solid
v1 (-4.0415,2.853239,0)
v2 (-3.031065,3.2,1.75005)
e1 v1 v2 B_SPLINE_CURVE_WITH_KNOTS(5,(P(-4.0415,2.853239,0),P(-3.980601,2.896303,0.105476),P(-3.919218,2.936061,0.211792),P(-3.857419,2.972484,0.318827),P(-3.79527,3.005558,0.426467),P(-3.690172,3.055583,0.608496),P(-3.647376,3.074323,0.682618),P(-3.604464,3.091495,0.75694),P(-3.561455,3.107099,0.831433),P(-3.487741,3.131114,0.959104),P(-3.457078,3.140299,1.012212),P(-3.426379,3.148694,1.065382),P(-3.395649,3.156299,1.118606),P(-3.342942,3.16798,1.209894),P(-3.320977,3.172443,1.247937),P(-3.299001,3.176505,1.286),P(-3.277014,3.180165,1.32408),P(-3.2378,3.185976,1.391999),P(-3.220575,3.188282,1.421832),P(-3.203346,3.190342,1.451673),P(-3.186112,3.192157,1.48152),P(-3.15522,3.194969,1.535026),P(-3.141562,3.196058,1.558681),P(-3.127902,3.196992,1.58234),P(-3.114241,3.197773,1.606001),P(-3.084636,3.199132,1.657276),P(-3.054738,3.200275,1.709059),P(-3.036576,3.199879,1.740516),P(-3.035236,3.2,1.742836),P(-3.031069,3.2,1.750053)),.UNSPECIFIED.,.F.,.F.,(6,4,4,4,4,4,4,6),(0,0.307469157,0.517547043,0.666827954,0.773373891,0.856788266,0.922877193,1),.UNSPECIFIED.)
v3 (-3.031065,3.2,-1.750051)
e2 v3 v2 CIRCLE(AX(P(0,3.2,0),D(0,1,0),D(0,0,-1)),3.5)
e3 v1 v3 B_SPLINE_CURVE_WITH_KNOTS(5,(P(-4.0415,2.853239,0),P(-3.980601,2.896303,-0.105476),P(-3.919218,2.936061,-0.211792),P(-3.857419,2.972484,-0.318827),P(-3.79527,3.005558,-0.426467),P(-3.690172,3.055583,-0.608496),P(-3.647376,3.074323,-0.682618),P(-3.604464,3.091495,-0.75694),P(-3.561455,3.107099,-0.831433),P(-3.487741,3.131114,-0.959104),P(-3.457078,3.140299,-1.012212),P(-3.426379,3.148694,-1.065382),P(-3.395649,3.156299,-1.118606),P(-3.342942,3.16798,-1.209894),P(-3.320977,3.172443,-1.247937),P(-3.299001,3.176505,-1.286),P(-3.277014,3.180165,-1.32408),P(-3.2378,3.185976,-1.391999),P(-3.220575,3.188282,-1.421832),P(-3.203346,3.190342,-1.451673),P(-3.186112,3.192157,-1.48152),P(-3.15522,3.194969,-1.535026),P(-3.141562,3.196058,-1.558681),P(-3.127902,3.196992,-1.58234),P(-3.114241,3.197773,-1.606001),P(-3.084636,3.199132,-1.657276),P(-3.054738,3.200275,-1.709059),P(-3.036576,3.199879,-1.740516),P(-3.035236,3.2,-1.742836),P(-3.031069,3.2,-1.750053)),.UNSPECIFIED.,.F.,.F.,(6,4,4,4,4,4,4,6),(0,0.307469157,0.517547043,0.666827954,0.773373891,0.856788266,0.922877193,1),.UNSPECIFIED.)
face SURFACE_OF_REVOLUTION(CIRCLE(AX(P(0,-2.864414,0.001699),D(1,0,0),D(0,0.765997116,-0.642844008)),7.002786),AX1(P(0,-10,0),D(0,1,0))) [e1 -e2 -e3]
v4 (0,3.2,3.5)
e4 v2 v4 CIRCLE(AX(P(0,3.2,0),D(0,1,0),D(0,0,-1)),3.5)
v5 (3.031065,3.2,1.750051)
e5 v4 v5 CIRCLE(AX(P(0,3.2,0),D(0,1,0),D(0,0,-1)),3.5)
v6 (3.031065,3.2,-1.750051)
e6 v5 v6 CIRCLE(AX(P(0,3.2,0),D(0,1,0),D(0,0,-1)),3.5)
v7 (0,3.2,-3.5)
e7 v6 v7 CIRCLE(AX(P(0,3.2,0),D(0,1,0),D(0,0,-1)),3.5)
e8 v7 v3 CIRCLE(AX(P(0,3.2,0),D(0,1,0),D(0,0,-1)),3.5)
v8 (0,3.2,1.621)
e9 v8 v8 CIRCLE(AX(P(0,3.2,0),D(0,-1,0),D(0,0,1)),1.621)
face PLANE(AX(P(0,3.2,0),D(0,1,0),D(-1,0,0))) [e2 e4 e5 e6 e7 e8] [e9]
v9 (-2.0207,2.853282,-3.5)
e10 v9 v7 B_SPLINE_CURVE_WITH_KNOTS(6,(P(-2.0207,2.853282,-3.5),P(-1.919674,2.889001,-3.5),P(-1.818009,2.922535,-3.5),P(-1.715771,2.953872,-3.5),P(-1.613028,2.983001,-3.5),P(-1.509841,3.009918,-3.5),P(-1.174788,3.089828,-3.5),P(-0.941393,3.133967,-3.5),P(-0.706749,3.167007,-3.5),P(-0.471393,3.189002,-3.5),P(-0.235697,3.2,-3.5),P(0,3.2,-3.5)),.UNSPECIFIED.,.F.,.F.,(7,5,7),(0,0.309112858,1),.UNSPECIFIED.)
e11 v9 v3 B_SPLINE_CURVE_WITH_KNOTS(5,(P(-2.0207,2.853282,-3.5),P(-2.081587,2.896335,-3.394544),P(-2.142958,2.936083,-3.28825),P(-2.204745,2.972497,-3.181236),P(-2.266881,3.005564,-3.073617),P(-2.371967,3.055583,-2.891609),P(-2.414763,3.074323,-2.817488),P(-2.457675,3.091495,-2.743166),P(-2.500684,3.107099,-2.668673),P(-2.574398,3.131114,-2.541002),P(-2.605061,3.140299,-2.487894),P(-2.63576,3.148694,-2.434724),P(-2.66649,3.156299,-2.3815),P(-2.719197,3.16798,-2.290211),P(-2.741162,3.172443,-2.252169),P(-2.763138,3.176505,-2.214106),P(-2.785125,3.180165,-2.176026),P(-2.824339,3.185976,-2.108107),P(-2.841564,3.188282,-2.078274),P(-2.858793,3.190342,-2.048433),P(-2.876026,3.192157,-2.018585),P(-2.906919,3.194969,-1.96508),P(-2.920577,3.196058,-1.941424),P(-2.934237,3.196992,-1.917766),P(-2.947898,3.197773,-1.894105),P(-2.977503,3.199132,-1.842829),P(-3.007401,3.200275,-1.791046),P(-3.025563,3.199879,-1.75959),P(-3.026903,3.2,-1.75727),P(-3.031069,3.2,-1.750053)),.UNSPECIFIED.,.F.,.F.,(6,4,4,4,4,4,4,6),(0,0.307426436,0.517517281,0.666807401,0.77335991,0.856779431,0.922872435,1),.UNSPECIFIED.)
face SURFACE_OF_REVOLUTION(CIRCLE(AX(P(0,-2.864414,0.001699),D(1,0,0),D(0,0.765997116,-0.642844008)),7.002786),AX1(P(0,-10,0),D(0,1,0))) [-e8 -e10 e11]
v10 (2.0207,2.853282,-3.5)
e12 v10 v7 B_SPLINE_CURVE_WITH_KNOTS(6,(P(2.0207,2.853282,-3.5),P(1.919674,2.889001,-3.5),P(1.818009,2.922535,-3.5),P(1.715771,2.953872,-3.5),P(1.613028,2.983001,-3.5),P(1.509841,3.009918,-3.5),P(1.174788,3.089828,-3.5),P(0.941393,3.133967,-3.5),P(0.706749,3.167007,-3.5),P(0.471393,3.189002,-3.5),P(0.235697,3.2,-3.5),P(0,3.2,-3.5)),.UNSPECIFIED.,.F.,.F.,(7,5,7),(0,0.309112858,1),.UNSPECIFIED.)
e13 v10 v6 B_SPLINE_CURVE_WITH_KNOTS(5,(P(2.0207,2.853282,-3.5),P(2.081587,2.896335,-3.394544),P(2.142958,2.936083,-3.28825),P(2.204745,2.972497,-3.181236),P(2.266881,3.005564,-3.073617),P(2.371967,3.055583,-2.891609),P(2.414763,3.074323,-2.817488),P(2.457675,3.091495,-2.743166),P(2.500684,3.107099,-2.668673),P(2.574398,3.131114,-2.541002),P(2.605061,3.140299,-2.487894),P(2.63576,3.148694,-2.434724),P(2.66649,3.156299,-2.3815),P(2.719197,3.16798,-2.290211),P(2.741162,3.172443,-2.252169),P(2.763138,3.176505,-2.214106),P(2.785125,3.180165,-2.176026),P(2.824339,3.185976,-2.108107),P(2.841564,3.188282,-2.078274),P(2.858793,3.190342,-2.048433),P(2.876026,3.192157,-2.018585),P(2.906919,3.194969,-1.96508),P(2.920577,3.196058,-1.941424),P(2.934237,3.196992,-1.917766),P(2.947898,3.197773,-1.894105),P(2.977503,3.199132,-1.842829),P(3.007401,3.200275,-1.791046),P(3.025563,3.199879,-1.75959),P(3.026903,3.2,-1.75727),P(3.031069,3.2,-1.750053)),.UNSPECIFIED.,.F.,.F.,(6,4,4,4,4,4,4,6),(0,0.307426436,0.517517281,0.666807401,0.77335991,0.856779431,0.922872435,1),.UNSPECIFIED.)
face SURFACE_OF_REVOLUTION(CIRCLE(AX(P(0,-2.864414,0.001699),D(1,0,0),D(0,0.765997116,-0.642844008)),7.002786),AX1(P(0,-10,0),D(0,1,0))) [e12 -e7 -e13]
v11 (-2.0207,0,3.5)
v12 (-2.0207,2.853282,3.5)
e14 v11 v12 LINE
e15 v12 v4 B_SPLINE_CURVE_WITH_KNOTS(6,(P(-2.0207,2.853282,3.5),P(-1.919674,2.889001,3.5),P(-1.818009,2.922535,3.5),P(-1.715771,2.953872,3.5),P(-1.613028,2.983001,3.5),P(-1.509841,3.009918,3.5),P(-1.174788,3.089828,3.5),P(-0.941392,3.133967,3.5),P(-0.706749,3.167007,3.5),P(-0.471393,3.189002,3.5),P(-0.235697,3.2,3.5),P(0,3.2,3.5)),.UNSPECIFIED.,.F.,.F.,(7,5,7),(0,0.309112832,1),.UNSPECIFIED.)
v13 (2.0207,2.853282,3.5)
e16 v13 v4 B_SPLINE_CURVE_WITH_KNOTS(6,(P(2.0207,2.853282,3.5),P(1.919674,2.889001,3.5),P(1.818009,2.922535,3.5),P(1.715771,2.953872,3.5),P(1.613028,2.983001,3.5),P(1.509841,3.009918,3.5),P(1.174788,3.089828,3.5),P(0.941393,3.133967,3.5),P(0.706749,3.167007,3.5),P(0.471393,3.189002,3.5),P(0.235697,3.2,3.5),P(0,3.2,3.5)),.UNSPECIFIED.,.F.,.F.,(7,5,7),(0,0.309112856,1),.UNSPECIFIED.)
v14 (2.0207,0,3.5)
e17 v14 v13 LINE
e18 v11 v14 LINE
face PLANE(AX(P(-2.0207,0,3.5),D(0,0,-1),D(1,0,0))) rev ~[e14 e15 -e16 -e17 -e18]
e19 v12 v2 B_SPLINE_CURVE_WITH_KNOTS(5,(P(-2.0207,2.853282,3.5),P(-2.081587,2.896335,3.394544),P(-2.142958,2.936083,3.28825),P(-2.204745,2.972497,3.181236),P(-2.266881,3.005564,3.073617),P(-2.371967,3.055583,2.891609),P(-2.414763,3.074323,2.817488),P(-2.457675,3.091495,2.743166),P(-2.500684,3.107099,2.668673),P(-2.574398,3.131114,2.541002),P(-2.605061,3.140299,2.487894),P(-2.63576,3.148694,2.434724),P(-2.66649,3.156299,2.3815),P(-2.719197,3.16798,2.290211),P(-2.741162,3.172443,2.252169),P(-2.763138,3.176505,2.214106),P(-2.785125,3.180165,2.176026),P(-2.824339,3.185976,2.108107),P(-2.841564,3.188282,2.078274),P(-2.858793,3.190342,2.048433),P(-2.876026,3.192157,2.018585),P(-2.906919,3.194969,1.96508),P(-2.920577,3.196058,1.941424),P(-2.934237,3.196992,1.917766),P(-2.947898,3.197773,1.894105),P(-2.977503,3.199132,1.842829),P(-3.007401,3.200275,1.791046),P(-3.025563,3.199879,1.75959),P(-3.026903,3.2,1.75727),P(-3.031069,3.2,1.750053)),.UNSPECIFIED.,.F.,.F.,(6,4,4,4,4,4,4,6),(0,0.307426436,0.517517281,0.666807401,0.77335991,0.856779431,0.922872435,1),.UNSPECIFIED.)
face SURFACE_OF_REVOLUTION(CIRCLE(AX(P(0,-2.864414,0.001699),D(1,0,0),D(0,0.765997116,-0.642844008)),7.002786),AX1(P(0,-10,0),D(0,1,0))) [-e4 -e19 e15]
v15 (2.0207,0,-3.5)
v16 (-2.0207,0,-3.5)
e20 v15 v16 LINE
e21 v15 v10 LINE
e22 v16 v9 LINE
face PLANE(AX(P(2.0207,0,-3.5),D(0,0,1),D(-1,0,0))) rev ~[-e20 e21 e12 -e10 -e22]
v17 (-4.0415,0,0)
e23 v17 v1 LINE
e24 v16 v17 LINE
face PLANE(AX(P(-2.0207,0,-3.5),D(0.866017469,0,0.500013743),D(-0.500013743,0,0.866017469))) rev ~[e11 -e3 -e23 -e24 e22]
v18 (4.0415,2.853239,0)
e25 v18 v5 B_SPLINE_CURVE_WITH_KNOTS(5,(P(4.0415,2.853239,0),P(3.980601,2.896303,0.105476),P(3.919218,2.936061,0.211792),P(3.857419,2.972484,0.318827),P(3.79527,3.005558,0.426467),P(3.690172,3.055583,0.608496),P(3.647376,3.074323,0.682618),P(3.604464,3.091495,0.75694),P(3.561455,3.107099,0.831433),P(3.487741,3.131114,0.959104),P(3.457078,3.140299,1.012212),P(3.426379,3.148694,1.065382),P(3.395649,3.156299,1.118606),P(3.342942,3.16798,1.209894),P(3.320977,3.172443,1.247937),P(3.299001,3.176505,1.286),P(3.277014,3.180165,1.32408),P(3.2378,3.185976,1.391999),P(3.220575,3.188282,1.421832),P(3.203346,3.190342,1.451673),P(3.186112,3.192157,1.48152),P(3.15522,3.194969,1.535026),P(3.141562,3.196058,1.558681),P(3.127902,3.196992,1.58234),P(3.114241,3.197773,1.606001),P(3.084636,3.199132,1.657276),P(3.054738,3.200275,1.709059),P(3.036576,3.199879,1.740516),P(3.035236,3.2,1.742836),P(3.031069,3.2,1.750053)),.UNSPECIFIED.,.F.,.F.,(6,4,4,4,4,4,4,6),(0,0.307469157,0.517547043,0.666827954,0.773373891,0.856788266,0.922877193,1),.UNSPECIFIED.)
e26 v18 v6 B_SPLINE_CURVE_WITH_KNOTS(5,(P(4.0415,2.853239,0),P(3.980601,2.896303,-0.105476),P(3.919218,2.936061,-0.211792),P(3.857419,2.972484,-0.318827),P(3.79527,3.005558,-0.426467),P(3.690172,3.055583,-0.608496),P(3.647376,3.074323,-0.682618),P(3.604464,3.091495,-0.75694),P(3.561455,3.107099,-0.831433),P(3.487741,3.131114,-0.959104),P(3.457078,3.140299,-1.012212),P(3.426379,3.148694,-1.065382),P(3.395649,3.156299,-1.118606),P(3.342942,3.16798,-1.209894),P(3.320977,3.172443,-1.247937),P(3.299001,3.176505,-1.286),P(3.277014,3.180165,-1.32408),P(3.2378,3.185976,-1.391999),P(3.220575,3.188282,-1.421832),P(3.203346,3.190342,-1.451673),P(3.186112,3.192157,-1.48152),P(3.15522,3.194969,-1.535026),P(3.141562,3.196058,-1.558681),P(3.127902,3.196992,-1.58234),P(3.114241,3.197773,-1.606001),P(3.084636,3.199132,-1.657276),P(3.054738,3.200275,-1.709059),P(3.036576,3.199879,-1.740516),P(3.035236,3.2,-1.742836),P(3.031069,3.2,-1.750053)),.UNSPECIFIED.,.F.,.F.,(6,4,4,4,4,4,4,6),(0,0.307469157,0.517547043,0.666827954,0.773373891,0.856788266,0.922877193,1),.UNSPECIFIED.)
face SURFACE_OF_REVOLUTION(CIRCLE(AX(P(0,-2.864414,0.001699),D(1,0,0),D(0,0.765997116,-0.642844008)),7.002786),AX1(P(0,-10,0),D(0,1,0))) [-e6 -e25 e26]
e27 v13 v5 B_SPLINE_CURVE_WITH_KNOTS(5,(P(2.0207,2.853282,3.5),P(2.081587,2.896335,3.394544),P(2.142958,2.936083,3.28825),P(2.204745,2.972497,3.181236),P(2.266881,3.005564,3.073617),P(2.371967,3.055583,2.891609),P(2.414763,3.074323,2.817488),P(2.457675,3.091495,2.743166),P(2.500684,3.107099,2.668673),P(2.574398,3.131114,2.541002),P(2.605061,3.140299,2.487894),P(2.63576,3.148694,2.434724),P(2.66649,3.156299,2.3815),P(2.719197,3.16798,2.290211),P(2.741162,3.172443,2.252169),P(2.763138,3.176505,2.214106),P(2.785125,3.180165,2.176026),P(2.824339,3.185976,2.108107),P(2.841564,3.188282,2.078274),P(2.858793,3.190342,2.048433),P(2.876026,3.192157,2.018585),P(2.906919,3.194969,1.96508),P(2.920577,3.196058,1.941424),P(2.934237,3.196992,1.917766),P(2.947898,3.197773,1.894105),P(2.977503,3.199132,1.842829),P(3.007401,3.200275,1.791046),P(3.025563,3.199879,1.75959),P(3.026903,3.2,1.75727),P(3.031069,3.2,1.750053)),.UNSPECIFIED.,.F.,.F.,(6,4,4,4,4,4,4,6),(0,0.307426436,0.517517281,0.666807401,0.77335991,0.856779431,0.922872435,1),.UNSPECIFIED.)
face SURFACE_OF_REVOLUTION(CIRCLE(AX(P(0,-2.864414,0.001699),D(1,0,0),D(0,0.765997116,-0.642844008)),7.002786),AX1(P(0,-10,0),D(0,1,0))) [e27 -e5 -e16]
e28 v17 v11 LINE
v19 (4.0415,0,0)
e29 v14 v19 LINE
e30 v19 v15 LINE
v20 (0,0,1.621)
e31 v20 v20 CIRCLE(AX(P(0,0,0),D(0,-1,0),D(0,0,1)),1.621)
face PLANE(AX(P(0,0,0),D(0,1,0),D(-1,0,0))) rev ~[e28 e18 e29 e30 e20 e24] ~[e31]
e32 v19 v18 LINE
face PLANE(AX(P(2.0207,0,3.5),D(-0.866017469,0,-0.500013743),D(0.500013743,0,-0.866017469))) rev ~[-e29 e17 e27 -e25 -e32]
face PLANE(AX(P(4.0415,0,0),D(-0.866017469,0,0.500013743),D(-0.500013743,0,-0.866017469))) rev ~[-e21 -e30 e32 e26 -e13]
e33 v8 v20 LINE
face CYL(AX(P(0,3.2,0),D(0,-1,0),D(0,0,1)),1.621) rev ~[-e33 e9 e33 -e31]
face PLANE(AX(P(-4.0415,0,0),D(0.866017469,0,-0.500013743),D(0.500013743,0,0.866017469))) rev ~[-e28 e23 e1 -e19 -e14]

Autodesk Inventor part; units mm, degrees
ref_plane "YZ Plane" through (0, 0, 0) normal (1, 0, 0) x (0, 1, 0)
ref_plane "XZ Plane" through (0, 0, 0) normal (0, 1, 0) x (-1, 0, 0)
ref_plane "XY Plane" through (0, 0, 0) normal (0, 0, 1) x (1, 0, 0)
sketch "スケッチ1" plane through (0, 0, 0) normal (0, 1, 0) x (-1, 0, 0)
  circle A0 centre (0, 0) radius 4.0415 construction
  line L0 (4.0415, 0) -> (2.0207, 3.5)
  line L1 (2.0207, 3.5) -> (-2.0207, 3.5)
  line L2 (-2.0207, 3.5) -> (-4.0415, 0)
  line L3 (-4.0415, 0) -> (-2.0207, -3.5)
  line L4 (-2.0207, -3.5) -> (2.0207, -3.5)
  line L5 (2.0207, -3.5) -> (4.0415, 0)
  dimension "d0" = 7
extrude "押し出し1" add sketch "スケッチ1" along normal blind 3.2
sketch "スケッチ2" plane through (0, 3.2, 0) normal (0, 1, 0) x (1, 0, 0)
  point P0 (0, 0)
  point P1 (0, 0)
hole "穴1" at (0, 3.2, 0) direction (0, -1, 0) diameter 3.242 end through all thread size "M4x0.7" class "6H" standard "ISO Metric profile"
sketch "スケッチ3" plane through (0, 0, 0) normal (1, 0, 0) x (0, 1, 0)
  arc A0 (2.4997, -4.5) -> (3.2, -3.5) centre (-2.8622, 0) ccw
  line L0 (0, -3.5) -> (3.2, -3.5) construction
  line L1 (3.2, -4.5) -> (2.4997, -4.5)
  line L2 (3.2, 1.621) -> (3.2, -1.621) construction
  line L3 (3.2, -3.5) -> (3.2, -4.5)
  line L4 (-3.9049, 0) -> (2.5514, 0) projected
  point P0 (0, 0)
  point P1 (3.2, 0)
  dimension "d10" = 3.5
  dimension "d11" = 7
  dimension "d12" = 1
revolve "回転1" cut sketch "スケッチ3" angle 360 about axis through (0, -10, 0) along (0, 1, 0)
properties part number "M3-HexaNut-type2"
